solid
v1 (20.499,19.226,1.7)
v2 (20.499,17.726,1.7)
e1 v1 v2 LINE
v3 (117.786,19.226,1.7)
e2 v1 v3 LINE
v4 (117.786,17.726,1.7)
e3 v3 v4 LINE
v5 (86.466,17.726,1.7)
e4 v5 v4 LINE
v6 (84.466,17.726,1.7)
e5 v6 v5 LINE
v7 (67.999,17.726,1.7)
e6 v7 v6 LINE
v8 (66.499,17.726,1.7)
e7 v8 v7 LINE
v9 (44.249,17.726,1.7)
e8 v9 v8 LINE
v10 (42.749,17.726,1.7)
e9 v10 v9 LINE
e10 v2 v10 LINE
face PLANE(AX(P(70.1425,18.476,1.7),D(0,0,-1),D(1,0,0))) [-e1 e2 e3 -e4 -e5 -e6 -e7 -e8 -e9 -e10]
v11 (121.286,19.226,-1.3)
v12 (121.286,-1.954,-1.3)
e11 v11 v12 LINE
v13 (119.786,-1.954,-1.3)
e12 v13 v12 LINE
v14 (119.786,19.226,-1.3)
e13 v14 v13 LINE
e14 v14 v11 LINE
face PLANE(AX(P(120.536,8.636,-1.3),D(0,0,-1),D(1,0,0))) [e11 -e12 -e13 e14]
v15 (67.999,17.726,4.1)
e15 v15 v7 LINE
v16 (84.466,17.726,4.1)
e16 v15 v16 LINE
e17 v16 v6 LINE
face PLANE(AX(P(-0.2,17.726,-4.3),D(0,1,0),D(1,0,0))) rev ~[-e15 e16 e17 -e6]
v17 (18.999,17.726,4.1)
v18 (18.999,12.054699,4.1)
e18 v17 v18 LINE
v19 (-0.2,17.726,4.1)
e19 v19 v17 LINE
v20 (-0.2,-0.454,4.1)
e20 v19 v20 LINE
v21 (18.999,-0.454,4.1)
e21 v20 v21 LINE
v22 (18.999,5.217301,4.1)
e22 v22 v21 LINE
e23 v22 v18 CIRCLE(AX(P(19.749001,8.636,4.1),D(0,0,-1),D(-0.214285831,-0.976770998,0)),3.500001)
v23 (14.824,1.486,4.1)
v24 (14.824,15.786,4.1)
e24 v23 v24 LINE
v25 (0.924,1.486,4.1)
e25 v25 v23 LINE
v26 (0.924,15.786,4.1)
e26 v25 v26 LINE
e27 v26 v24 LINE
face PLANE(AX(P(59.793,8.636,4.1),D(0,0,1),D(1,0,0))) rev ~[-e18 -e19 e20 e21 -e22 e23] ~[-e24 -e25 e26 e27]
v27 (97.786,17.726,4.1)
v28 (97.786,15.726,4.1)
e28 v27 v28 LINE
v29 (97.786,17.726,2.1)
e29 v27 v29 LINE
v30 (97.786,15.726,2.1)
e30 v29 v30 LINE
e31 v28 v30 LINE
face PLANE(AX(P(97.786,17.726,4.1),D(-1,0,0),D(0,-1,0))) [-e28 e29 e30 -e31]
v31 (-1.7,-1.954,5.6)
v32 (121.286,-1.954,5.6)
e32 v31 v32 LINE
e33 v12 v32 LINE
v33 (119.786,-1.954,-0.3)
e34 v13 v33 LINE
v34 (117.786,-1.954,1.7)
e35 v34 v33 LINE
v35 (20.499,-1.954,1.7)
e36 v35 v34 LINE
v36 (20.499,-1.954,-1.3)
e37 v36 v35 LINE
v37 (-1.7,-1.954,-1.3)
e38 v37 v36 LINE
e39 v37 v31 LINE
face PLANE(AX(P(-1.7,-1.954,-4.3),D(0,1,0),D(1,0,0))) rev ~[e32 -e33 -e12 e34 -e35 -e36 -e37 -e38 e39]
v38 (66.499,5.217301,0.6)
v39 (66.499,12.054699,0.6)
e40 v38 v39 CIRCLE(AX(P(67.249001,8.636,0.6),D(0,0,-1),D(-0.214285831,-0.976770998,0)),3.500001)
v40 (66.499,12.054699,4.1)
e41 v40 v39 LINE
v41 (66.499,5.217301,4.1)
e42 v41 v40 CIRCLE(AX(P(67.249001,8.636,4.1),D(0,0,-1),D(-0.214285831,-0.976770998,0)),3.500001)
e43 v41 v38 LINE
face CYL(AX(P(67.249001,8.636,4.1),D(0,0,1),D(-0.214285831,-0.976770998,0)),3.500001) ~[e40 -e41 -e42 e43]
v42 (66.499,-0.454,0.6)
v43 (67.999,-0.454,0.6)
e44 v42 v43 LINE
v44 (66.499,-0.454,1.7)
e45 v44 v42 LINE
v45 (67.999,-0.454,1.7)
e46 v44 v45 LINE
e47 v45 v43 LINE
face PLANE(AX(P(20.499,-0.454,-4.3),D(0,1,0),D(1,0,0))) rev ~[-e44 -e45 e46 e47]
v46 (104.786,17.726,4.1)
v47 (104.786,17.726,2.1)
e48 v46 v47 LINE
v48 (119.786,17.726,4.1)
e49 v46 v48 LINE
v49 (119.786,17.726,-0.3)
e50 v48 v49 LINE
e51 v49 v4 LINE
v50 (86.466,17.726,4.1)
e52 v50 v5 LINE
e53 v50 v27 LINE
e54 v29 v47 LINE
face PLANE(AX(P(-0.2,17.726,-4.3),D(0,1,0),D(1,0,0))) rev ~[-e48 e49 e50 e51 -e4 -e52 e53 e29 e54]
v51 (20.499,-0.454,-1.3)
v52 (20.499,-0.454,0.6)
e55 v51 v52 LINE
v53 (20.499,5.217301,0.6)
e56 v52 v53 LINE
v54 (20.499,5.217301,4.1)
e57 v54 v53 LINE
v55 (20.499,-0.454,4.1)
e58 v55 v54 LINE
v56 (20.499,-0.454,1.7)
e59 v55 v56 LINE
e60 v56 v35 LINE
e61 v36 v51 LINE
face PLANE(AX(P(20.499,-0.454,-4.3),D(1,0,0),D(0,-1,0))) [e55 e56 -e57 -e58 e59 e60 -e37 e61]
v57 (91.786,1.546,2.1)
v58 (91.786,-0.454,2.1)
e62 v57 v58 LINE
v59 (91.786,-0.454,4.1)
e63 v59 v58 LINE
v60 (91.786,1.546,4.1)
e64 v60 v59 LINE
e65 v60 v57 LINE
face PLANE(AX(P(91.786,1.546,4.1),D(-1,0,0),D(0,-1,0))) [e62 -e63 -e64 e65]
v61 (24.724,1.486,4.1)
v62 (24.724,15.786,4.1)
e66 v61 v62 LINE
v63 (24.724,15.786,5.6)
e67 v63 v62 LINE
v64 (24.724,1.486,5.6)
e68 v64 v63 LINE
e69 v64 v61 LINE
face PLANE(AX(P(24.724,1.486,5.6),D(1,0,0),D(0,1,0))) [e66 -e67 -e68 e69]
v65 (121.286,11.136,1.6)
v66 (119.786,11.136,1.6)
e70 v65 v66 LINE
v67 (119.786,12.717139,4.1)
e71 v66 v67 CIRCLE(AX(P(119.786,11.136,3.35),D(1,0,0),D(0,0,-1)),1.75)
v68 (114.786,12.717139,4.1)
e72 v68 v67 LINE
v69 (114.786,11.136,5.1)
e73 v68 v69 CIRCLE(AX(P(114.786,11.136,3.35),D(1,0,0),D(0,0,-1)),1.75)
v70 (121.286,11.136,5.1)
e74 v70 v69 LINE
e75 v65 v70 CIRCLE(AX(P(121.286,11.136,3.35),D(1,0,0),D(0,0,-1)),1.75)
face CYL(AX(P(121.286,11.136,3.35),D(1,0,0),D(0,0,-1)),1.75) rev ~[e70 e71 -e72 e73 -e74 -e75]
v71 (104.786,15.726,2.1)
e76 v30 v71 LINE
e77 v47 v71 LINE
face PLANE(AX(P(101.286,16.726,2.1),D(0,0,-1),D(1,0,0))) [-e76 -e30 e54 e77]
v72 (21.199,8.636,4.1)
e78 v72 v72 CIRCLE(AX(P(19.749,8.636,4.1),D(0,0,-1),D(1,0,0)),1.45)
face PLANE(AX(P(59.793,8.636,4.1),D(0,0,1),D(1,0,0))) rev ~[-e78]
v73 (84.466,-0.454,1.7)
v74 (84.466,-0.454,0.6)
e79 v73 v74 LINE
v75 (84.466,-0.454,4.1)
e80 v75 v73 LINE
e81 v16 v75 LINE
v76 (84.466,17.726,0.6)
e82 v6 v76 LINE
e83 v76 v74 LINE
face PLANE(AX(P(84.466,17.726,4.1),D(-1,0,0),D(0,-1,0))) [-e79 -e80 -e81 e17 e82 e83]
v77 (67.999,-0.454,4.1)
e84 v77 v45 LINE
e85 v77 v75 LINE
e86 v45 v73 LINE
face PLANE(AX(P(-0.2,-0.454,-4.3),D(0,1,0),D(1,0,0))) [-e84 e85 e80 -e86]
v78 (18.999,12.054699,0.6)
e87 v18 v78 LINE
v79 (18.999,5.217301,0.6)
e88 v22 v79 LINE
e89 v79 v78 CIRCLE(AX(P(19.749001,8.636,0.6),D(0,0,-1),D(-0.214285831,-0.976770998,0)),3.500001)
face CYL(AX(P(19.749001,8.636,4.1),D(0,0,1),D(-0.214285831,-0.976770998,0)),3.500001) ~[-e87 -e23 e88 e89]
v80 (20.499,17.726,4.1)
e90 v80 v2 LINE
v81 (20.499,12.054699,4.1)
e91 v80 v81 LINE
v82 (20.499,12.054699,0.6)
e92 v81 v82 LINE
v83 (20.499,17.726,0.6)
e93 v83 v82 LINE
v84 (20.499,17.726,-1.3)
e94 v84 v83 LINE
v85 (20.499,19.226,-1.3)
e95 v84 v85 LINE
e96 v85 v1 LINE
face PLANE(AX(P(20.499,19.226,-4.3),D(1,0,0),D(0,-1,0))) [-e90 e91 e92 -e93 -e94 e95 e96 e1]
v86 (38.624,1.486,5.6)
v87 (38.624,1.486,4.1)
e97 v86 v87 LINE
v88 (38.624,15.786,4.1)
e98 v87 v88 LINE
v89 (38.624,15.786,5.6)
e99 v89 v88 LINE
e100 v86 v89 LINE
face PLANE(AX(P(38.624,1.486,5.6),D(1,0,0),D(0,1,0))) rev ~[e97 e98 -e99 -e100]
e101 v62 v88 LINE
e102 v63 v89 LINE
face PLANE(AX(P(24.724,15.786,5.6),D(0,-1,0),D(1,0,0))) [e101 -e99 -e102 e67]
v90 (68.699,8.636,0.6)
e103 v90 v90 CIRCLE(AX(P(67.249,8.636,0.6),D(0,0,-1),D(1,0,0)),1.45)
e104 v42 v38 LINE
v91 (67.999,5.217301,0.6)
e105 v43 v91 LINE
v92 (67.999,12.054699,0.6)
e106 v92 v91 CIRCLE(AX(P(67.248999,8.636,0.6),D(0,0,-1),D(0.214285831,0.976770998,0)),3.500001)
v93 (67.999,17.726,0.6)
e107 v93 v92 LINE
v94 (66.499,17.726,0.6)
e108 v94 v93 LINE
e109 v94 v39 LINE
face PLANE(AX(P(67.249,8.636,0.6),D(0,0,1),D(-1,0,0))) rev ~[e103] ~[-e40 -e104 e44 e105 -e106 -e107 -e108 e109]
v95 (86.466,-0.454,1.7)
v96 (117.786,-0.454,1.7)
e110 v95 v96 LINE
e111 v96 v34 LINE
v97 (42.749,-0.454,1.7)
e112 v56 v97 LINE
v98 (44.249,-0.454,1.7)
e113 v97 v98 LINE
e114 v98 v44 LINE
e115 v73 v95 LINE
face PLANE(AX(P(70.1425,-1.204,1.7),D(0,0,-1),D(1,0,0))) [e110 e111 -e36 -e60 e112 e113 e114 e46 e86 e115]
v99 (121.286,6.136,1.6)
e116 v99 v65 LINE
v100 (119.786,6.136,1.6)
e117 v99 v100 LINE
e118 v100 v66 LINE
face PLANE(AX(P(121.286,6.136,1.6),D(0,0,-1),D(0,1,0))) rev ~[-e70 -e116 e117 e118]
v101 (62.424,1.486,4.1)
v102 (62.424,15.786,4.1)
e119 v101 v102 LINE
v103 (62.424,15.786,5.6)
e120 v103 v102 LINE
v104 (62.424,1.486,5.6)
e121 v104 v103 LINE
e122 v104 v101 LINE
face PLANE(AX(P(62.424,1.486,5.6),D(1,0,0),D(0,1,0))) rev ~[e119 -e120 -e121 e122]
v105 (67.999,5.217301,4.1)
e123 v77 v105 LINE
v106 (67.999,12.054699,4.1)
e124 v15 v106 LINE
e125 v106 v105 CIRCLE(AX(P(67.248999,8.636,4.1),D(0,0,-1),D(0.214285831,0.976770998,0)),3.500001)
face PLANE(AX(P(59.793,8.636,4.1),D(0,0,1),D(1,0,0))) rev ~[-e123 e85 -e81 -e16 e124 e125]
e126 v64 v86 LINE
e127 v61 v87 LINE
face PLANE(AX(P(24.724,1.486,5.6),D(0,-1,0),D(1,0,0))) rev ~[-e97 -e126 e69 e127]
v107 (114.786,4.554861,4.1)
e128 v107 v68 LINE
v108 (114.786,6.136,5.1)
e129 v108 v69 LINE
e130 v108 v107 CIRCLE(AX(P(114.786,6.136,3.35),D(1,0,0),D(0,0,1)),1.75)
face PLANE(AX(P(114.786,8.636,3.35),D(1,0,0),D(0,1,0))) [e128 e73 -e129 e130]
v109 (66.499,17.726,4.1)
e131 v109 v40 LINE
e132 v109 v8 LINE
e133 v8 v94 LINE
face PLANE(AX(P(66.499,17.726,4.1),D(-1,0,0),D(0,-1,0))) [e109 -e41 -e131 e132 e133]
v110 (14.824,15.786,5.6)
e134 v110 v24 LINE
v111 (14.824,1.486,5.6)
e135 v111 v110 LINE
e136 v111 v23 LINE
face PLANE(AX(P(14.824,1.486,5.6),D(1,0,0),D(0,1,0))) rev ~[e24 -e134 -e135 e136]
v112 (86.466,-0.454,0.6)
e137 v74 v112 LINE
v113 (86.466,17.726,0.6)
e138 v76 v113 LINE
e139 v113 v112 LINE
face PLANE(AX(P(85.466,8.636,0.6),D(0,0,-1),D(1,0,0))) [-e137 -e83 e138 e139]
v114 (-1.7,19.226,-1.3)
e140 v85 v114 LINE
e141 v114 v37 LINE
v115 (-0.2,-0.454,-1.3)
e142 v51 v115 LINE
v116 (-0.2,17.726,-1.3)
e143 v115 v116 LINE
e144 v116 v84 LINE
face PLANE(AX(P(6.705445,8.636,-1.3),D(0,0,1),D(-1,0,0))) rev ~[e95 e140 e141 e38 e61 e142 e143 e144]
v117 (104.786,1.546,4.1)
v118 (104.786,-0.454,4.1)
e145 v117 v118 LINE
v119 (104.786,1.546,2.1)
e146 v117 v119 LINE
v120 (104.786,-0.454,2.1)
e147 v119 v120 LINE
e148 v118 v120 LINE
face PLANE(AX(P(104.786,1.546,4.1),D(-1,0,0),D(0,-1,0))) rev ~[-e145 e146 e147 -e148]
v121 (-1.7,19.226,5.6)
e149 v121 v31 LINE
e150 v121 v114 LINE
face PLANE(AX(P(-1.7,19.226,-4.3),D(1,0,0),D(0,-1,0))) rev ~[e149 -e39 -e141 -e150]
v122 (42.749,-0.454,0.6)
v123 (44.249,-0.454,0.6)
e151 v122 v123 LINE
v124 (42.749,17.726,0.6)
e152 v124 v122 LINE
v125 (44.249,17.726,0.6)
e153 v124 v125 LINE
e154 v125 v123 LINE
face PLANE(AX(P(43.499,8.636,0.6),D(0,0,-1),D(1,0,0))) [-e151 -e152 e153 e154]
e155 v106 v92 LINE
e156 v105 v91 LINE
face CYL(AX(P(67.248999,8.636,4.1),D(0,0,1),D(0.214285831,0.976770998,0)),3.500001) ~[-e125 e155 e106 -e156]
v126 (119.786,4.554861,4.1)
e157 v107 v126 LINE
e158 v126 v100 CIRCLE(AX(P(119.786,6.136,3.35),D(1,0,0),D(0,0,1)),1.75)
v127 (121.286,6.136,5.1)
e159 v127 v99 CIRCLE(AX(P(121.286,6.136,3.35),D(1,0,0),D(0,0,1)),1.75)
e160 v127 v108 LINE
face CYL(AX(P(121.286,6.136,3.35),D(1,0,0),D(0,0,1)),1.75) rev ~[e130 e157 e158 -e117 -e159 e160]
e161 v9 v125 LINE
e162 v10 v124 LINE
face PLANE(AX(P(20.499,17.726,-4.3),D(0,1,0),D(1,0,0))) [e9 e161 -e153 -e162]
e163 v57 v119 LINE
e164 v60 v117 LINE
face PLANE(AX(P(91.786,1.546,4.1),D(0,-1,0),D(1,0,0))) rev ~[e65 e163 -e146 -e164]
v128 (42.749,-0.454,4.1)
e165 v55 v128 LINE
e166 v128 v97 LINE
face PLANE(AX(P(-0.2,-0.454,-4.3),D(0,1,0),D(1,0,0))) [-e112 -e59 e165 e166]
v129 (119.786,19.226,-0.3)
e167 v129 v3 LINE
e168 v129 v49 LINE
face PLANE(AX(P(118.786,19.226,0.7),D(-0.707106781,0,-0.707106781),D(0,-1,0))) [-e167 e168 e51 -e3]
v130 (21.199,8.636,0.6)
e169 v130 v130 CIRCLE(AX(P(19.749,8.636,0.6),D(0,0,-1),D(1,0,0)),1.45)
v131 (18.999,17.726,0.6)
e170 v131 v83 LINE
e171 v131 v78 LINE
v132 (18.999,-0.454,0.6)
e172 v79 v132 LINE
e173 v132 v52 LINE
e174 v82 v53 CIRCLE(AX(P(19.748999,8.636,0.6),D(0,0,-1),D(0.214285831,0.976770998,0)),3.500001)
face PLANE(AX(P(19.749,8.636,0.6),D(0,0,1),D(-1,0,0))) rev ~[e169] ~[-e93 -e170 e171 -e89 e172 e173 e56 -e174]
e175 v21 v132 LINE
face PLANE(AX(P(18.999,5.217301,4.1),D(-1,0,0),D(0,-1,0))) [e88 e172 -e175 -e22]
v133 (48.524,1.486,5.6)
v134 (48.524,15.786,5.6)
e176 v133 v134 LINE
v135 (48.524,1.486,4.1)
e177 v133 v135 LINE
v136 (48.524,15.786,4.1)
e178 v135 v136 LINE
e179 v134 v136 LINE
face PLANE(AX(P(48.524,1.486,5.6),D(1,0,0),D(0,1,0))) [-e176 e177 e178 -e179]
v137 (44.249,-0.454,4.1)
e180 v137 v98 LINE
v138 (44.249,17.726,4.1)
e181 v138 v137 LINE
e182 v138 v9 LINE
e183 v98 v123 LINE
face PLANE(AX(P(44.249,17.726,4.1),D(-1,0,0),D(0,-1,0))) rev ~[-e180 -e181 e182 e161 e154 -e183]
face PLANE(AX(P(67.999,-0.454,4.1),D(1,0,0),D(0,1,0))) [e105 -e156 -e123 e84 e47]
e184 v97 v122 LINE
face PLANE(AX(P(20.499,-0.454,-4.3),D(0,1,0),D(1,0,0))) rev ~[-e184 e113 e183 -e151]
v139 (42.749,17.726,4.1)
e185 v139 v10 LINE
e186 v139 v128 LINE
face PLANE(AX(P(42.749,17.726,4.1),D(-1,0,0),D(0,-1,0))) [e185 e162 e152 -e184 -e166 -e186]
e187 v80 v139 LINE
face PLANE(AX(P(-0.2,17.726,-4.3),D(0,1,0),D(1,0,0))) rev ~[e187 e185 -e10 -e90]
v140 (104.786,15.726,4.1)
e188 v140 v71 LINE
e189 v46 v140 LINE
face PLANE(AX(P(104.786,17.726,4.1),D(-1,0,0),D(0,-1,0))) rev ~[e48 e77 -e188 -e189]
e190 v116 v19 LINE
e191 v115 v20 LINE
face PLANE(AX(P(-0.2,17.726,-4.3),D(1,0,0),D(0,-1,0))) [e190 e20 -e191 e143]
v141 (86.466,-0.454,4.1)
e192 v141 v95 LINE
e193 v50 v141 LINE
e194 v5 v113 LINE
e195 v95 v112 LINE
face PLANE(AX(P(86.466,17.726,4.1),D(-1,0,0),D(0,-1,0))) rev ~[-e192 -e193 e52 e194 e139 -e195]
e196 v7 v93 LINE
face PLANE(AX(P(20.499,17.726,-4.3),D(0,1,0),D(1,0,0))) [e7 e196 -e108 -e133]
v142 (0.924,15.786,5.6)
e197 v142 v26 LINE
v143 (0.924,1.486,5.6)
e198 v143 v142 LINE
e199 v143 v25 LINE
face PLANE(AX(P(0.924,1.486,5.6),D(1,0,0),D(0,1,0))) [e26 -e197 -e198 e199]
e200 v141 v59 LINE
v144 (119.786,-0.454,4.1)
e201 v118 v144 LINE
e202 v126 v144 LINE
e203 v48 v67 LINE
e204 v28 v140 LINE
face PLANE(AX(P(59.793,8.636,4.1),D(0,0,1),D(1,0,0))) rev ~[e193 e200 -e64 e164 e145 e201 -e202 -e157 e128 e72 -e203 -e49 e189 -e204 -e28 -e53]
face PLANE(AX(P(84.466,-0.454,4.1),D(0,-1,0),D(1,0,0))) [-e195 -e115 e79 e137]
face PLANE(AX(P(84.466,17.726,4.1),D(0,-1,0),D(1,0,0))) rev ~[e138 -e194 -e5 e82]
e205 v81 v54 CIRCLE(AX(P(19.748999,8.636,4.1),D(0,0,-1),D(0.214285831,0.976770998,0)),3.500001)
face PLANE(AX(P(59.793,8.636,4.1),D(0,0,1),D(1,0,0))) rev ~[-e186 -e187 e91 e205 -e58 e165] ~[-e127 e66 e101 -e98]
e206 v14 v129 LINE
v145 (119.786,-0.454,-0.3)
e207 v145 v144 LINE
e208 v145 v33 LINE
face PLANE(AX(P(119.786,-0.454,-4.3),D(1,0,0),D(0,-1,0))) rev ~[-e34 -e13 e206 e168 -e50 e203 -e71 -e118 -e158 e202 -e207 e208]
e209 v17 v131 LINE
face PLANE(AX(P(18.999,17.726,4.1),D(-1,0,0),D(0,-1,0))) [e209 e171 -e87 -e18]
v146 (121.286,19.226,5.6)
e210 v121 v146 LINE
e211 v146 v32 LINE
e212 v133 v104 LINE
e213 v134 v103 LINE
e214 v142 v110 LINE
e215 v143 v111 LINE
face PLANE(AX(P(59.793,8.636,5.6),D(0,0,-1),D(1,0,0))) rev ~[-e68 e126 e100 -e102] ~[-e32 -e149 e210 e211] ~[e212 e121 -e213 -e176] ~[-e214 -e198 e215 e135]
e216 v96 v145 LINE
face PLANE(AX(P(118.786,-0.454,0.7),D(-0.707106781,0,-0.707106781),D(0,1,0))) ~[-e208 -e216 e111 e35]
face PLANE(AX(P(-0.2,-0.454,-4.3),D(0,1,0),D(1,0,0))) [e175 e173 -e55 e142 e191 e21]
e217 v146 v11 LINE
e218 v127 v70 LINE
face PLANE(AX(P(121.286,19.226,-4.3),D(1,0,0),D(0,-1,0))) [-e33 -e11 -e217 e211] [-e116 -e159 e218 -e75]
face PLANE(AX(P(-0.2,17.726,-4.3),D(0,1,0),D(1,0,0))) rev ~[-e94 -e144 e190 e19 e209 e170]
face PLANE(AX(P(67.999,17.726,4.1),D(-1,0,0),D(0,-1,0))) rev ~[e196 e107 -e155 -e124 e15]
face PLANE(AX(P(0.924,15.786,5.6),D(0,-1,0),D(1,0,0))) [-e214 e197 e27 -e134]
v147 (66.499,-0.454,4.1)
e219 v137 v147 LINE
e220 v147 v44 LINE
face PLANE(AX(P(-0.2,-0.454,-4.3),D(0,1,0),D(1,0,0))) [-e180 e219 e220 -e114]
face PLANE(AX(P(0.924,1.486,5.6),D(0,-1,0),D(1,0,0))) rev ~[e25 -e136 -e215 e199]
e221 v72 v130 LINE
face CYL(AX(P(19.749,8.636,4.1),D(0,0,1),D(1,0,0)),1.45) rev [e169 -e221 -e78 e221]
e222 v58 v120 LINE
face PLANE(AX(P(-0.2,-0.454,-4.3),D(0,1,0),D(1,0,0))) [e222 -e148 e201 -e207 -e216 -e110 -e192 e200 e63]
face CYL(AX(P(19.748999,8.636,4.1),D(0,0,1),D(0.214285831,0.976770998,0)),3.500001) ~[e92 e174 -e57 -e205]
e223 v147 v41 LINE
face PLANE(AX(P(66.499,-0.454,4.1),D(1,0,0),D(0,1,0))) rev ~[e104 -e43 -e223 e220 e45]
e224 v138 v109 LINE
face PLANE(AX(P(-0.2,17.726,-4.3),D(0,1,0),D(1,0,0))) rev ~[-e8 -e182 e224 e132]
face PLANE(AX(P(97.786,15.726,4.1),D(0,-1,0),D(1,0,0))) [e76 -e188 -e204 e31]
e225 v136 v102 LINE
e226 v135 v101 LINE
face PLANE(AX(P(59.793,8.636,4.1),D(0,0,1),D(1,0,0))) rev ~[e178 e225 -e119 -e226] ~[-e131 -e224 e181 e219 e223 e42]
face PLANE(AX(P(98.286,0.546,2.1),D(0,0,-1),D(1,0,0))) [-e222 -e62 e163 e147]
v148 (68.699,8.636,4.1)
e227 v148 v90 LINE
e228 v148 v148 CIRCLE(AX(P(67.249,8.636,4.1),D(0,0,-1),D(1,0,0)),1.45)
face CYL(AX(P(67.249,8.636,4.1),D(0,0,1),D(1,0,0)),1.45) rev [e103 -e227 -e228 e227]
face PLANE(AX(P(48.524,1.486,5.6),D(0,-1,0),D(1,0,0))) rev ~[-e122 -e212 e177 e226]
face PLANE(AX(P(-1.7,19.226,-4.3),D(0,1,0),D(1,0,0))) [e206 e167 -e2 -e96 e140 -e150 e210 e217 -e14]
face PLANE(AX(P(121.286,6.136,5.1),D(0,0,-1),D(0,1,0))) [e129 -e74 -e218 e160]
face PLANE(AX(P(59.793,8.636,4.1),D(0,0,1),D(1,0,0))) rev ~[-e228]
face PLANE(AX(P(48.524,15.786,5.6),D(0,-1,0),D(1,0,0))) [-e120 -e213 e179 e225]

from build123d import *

# Parameters (mm, degrees)
SKETCH005_W     = 122.986
SKETCH005_H     = 21.18
SKETCH005_W_2   = 119.986
SKETCH005_H_2   = 18.18
PAD004_DEPTH    = 9.9
SKETCH006_W     = 122.986
SKETCH006_H     = 21.18
PAD005_DEPTH    = 1.5
SKETCH007_W     = 13.9
SKETCH007_H     = 14.3
POCKET001_DEPTH = 9.901
SKETCH008_R     = 1.45
SKETCH008_W     = 1.5
SKETCH008_H     = 18.18
PAD006_DEPTH    = 3.5
SKETCH009_W     = 7
SKETCH009_H     = 2
SKETCH009_W_2   = 13
PAD007_DEPTH    = 2
POCKET002_DEPTH = 6.5
SKETCH011_W     = 99.287
SKETCH011_H     = 1.5
POCKET003_DEPTH = 6
SKETCH012_W     = 1.5
SKETCH012_H     = 21.18
POCKET004_DEPTH = 3
CHAMFER003_SIZE = 2
SKETCH013_W     = 2
SKETCH013_H     = 18.18
PAD008_DEPTH    = 3.5


with BuildPart() as part:
    # Sketch005 (on ShapeBinder) → Pad004 (new body)
    with BuildSketch(Plane(origin=(-93.484762, 101.426, -4.3), x_dir=(1, 0, 0), z_dir=(0, 0, -1))):
        with Locations((153.277762, 92.79)):
            Rectangle(SKETCH005_W, SKETCH005_H)
        with Locations((153.277762, 92.79)):
            Rectangle(SKETCH005_W_2, SKETCH005_H_2, mode=Mode.SUBTRACT)
    extrude(amount=-PAD004_DEPTH)

    # Sketch006 (on Face10 of Pad004) → Pad005 (join)
    with BuildSketch(Plane(origin=(-93.484762, 101.426, 5.6), x_dir=(1, 0, 0), z_dir=(0, 0, 1))):
        with Locations((153.277762, -92.79)):
            Rectangle(SKETCH006_W, SKETCH006_H)
    extrude(amount=-PAD005_DEPTH)

    # Sketch007 (on Face16 of Pad005) → Pocket001 (cut, through all)
    with BuildSketch(Plane(origin=(-93.484762, 101.426, 5.6), x_dir=(1, 0, 0), z_dir=(0, 0, 1))):
        with Locations((101.358762, -92.79)):
            Rectangle(SKETCH007_W, SKETCH007_H)
        with Locations((125.158762, -92.79)):
            Rectangle(SKETCH007_W, SKETCH007_H)
        with Locations((148.958762, -92.79)):
            Rectangle(SKETCH007_W, SKETCH007_H)
    extrude(amount=-POCKET001_DEPTH, mode=Mode.SUBTRACT)

    # Sketch008 (on Face15 of Pocket001) → Pad006 (join)
    with BuildSketch(Plane(origin=(-93.484762, 101.426, 4.1), x_dir=(1, 0, 0), z_dir=(0, 0, -1))):
        with BuildLine():
            Line((112.483762, 96.208699), (112.483762, 101.88))
            Line((112.483762, 101.88), (113.983762, 101.88))
            Line((113.983762, 101.88), (113.983762, 96.208699))
            ThreePointArc((113.983762, 89.371301), (116.733762, 92.79), (113.983762, 96.208699))
            Line((113.983762, 83.7), (113.983762, 89.371301))
            Line((112.483762, 83.7), (113.983762, 83.7))
            Line((112.483762, 83.7), (112.483762, 89.371301))
            ThreePointArc((112.483762, 96.208699), (109.733762, 92.79), (112.483762, 89.371301))
        make_face()
        with Locations((113.233762, 92.79)):
            Circle(SKETCH008_R, mode=Mode.SUBTRACT)
        with Locations((136.983762, 92.79)):
            Rectangle(SKETCH008_W, SKETCH008_H)
        with BuildLine():
            Line((159.983762, 101.88), (161.483762, 101.88))
            Line((161.483762, 101.88), (161.483762, 96.208699))
            ThreePointArc((161.483762, 89.371301), (164.233762, 92.79), (161.483762, 96.208699))
            Line((161.483762, 83.7), (161.483762, 89.371301))
            Line((159.983762, 83.7), (161.483762, 83.7))
            Line((159.983762, 83.7), (159.983762, 89.371301))
            ThreePointArc((159.983762, 96.208699), (157.233762, 92.79), (159.983762, 89.371301))
            Line((159.983762, 101.88), (159.983762, 96.208699))
        make_face()
        with Locations((160.733762, 92.79)):
            Circle(SKETCH008_R, mode=Mode.SUBTRACT)
    extrude(amount=PAD006_DEPTH)

    # Sketch009 (on Face27 of Pad006) → Pad007 (join)
    with BuildSketch(Plane(origin=(-93.484762, 101.426, 4.1), x_dir=(1, 0, 0), z_dir=(0, 0, -1))):
        with Locations((194.770762, 84.7)):
            Rectangle(SKETCH009_W, SKETCH009_H)
        with Locations((191.770762, 100.88)):
            Rectangle(SKETCH009_W_2, SKETCH009_H)
    extrude(amount=PAD007_DEPTH)

    # Sketch010 (on Face5 of Pad007) → Pocket002 (cut)
    with BuildSketch(Plane(origin=(121.286, 101.426, -1.6), x_dir=(0, 1, 0), z_dir=(1, 0, 0))):
        with BuildLine():
            ThreePointArc((-95.29, 6.7), (-97.04, 4.95), (-95.29, 3.2))
            Line((-95.29, 3.2), (-90.29, 3.2))
            ThreePointArc((-90.29, 3.2), (-88.54, 4.95), (-90.29, 6.7))
            Line((-95.29, 6.7), (-90.29, 6.7))
        make_face()
    extrude(amount=-POCKET002_DEPTH, mode=Mode.SUBTRACT)

    # Sketch011 (on Face2 of Pocket002) → Pocket003 (cut)
    with BuildSketch(Plane(origin=(-93.484762, 101.426, -4.3), x_dir=(1, 0, 0), z_dir=(0, 0, -1))):
        with Locations((163.627262, 102.63)):
            Rectangle(SKETCH011_W, SKETCH011_H)
        with Locations((163.627262, 82.95)):
            Rectangle(SKETCH011_W, SKETCH011_H)
    extrude(amount=-POCKET003_DEPTH, mode=Mode.SUBTRACT)

    # Sketch012 (on Face6 of Pocket003) → Pocket004 (cut)
    with BuildSketch(Plane(origin=(-93.484762, 101.426, -4.3), x_dir=(1, 0, 0), z_dir=(0, 0, -1))):
        Polygon((113.983762, 103.38), (113.983762, 101.88), (93.284762, 101.88), (93.284762, 83.7), (113.983762, 83.7), (113.983762, 82.2), (91.784762, 82.2), (91.784762, 103.38), align=None)
        with Locations((214.020762, 92.79)):
            Rectangle(SKETCH012_W, SKETCH012_H)
    extrude(amount=-POCKET004_DEPTH, mode=Mode.SUBTRACT)

    # Chamfer003
    chamfer003_edges = [part.edges().sort_by_distance(p)[0] for p in [
        (119.786, 18.476, 1.7),
        (119.786, -1.204, 1.7),
    ]]
    chamfer(chamfer003_edges, length=CHAMFER003_SIZE)

    # Sketch013 (on Face31 of Chamfer003) → Pad008 (join)
    with BuildSketch(Plane(origin=(-93.484762, 101.426, 4.1), x_dir=(1, 0, 0), z_dir=(0, 0, -1))):
        with Locations((178.950762, 92.79)):
            Rectangle(SKETCH013_W, SKETCH013_H)
    extrude(amount=PAD008_DEPTH)


solid = part.part
